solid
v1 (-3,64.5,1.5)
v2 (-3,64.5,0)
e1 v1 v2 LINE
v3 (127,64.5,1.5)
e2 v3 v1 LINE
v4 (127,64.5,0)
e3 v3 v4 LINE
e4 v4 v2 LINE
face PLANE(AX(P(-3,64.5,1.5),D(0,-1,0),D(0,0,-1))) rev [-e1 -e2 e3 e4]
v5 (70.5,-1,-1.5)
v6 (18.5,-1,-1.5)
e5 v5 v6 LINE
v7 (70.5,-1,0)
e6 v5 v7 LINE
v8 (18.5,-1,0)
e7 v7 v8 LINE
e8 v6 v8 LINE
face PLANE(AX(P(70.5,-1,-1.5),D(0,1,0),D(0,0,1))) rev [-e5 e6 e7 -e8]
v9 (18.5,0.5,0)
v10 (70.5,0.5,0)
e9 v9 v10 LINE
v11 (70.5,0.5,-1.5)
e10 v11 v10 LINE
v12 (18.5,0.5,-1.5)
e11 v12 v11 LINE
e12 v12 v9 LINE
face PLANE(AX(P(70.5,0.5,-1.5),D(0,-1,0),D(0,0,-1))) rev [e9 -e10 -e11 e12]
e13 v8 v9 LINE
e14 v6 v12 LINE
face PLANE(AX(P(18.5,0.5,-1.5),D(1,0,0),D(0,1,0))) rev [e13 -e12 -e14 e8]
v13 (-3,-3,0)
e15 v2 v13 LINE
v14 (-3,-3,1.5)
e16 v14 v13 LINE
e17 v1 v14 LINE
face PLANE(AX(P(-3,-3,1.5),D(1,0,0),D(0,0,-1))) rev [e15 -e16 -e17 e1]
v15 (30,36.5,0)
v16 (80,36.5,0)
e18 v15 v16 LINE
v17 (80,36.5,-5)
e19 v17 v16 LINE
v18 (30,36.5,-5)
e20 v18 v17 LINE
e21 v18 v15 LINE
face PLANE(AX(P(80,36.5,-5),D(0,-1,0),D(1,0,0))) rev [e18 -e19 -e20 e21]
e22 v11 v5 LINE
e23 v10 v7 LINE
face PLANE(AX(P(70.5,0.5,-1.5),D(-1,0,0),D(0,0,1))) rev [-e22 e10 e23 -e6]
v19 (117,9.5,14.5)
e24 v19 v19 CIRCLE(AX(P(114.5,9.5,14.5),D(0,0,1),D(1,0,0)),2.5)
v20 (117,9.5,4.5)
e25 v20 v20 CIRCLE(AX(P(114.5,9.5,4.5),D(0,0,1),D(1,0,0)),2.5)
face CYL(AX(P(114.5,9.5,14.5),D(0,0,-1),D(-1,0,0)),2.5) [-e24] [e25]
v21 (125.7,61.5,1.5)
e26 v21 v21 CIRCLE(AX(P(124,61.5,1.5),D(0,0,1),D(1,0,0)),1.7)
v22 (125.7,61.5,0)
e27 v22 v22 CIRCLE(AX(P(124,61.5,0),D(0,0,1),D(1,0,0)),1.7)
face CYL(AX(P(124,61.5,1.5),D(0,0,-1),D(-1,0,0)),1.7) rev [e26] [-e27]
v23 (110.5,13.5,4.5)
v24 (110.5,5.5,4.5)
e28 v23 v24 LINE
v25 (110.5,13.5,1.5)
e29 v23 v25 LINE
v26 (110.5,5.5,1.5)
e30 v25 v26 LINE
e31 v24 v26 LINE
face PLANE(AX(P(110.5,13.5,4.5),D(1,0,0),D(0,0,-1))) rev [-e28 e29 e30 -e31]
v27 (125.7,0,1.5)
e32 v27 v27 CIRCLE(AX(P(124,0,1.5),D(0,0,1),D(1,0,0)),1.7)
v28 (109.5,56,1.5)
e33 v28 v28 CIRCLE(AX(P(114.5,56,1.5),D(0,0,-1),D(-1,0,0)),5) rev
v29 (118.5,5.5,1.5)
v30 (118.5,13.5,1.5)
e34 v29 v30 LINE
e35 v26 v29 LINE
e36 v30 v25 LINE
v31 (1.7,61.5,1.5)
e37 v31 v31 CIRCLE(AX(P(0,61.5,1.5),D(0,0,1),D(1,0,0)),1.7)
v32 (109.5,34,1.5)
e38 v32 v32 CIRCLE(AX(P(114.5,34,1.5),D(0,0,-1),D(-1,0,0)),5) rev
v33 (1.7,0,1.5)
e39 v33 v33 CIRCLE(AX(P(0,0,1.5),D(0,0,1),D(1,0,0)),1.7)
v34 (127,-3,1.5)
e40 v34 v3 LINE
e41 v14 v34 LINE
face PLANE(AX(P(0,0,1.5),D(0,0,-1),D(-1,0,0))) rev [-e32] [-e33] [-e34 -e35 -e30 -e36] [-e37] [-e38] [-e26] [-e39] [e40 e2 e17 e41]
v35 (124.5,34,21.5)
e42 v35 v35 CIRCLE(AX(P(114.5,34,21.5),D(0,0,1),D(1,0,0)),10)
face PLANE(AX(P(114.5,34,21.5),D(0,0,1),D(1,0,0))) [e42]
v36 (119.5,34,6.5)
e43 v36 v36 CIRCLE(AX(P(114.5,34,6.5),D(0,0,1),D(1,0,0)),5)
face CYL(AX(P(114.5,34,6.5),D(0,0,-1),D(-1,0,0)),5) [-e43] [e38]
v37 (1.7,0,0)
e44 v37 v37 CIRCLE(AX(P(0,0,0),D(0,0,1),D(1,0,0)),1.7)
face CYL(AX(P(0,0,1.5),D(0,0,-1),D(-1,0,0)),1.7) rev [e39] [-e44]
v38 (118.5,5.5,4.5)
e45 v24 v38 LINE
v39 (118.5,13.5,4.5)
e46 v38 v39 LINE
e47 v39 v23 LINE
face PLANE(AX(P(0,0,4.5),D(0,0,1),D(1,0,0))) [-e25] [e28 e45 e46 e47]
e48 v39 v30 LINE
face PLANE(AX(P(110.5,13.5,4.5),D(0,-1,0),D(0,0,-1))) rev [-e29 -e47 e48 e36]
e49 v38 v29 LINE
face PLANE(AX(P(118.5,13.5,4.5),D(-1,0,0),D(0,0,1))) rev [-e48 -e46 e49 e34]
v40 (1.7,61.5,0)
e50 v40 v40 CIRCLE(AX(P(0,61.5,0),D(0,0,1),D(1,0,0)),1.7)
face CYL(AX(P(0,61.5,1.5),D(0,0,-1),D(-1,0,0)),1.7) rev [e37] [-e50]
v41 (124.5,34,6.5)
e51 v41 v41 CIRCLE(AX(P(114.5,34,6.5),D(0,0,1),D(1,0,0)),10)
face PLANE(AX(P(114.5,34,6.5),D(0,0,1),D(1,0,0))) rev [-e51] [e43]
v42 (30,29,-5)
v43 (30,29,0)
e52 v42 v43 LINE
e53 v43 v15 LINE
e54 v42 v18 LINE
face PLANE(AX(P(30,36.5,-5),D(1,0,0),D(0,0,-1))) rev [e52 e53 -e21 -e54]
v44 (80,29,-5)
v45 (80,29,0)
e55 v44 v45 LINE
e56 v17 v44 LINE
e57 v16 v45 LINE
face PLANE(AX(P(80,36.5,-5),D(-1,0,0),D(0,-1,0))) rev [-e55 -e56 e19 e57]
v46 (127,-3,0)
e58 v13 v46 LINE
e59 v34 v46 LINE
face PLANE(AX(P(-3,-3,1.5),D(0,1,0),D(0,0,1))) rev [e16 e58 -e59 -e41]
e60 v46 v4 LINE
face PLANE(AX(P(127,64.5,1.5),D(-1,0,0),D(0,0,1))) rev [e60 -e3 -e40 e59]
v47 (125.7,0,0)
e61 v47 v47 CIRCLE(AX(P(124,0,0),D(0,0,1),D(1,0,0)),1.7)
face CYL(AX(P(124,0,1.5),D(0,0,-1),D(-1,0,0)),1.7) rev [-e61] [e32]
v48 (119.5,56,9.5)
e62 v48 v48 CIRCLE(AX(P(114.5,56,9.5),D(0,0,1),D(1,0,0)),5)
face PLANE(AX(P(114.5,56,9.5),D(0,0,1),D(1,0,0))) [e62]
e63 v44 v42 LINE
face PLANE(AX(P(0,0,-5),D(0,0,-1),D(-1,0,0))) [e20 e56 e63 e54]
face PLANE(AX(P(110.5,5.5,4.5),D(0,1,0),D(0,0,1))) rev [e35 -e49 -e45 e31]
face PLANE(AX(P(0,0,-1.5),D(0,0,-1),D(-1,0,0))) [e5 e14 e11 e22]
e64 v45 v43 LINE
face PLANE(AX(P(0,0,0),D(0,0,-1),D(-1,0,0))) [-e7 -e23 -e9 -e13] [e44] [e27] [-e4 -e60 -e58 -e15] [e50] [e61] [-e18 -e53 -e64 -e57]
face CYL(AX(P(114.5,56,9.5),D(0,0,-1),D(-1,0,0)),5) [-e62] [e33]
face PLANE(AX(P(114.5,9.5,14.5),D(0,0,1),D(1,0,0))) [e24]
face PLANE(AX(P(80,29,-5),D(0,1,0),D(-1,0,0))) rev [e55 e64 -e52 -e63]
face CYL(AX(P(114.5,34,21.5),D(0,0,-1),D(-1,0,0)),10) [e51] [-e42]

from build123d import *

# Parameters (mm, degrees)
SKETCH1_W           = 130
SKETCH1_H           = 67.5
SKETCH1_R           = 1.7
BOSS_EXTRUDE1_DEPTH = 1.5
SKETCH2_R           = 5
BOSS_EXTRUDE2_DEPTH = 8
SKETCH3_R           = 5
BOSS_EXTRUDE3_DEPTH = 5
SKETCH4_R           = 10
BOSS_EXTRUDE4_DEPTH = 15
SKETCH5_W           = 8
SKETCH5_H           = 8
BOSS_EXTRUDE5_DEPTH = 3
SKETCH6_R           = 2.5
BOSS_EXTRUDE6_DEPTH = 10
SKETCH7_W           = 50
SKETCH7_H           = 7.5
BOSS_EXTRUDE7_DEPTH = 5
SKETCH8_W           = 52
SKETCH8_H           = 1.5
BOSS_EXTRUDE8_DEPTH = 1.5


with BuildPart() as part:
    # Sketch1 → Boss-Extrude1 (new body)
    with BuildSketch(Plane.XY):
        with Locations((62, 30.75)):
            Rectangle(SKETCH1_W, SKETCH1_H)
        Circle(SKETCH1_R, mode=Mode.SUBTRACT)
        with Locations((0, 61.5)):
            Circle(SKETCH1_R, mode=Mode.SUBTRACT)
        with Locations((124, 61.5)):
            Circle(SKETCH1_R, mode=Mode.SUBTRACT)
        with Locations((124, 0)):
            Circle(SKETCH1_R, mode=Mode.SUBTRACT)
    extrude(amount=BOSS_EXTRUDE1_DEPTH)

    # Sketch2 → Boss-Extrude2 (add)
    with BuildSketch(Plane.XY.offset(1.5)):
        with Locations(Location((114.5, 56, 0), (0, 0, 180))):
            Circle(SKETCH2_R)
    extrude(amount=BOSS_EXTRUDE2_DEPTH)

    # Sketch3 → Boss-Extrude3 (add)
    with BuildSketch(Plane.XY.offset(1.5)):
        with Locations(Location((114.5, 34, 0), (0, 0, 180))):
            Circle(SKETCH3_R)
    extrude(amount=BOSS_EXTRUDE3_DEPTH)

    # Sketch4 → Boss-Extrude4 (add)
    with BuildSketch(Plane.XY.offset(6.5)):
        with Locations((114.5, 34)):
            Circle(SKETCH4_R)
    extrude(amount=BOSS_EXTRUDE4_DEPTH)

    # Sketch5 → Boss-Extrude5 (add)
    with BuildSketch(Plane.XY.offset(1.5)):
        with Locations((114.5, 9.5)):
            Rectangle(SKETCH5_W, SKETCH5_H)
    extrude(amount=BOSS_EXTRUDE5_DEPTH)

    # Sketch6 → Boss-Extrude6 (add)
    with BuildSketch(Plane.XY.offset(4.5)):
        with Locations((114.5, 9.5)):
            Circle(SKETCH6_R)
    extrude(amount=BOSS_EXTRUDE6_DEPTH)

    # Sketch7 → Boss-Extrude7 (add)
    with BuildSketch(Plane(origin=(0, 0, 0), x_dir=(-1, 0, 0), z_dir=(0, 0, -1))):
        with Locations((-55, 32.75)):
            Rectangle(SKETCH7_W, SKETCH7_H)
    extrude(amount=BOSS_EXTRUDE7_DEPTH)

    # Sketch8 → Boss-Extrude8 (add)
    with BuildSketch(Plane(origin=(0, 0, 0), x_dir=(-1, 0, 0), z_dir=(0, 0, -1))):
        with Locations((-44.5, -0.25)):
            Rectangle(SKETCH8_W, SKETCH8_H)
    extrude(amount=BOSS_EXTRUDE8_DEPTH)


solid = part.part
